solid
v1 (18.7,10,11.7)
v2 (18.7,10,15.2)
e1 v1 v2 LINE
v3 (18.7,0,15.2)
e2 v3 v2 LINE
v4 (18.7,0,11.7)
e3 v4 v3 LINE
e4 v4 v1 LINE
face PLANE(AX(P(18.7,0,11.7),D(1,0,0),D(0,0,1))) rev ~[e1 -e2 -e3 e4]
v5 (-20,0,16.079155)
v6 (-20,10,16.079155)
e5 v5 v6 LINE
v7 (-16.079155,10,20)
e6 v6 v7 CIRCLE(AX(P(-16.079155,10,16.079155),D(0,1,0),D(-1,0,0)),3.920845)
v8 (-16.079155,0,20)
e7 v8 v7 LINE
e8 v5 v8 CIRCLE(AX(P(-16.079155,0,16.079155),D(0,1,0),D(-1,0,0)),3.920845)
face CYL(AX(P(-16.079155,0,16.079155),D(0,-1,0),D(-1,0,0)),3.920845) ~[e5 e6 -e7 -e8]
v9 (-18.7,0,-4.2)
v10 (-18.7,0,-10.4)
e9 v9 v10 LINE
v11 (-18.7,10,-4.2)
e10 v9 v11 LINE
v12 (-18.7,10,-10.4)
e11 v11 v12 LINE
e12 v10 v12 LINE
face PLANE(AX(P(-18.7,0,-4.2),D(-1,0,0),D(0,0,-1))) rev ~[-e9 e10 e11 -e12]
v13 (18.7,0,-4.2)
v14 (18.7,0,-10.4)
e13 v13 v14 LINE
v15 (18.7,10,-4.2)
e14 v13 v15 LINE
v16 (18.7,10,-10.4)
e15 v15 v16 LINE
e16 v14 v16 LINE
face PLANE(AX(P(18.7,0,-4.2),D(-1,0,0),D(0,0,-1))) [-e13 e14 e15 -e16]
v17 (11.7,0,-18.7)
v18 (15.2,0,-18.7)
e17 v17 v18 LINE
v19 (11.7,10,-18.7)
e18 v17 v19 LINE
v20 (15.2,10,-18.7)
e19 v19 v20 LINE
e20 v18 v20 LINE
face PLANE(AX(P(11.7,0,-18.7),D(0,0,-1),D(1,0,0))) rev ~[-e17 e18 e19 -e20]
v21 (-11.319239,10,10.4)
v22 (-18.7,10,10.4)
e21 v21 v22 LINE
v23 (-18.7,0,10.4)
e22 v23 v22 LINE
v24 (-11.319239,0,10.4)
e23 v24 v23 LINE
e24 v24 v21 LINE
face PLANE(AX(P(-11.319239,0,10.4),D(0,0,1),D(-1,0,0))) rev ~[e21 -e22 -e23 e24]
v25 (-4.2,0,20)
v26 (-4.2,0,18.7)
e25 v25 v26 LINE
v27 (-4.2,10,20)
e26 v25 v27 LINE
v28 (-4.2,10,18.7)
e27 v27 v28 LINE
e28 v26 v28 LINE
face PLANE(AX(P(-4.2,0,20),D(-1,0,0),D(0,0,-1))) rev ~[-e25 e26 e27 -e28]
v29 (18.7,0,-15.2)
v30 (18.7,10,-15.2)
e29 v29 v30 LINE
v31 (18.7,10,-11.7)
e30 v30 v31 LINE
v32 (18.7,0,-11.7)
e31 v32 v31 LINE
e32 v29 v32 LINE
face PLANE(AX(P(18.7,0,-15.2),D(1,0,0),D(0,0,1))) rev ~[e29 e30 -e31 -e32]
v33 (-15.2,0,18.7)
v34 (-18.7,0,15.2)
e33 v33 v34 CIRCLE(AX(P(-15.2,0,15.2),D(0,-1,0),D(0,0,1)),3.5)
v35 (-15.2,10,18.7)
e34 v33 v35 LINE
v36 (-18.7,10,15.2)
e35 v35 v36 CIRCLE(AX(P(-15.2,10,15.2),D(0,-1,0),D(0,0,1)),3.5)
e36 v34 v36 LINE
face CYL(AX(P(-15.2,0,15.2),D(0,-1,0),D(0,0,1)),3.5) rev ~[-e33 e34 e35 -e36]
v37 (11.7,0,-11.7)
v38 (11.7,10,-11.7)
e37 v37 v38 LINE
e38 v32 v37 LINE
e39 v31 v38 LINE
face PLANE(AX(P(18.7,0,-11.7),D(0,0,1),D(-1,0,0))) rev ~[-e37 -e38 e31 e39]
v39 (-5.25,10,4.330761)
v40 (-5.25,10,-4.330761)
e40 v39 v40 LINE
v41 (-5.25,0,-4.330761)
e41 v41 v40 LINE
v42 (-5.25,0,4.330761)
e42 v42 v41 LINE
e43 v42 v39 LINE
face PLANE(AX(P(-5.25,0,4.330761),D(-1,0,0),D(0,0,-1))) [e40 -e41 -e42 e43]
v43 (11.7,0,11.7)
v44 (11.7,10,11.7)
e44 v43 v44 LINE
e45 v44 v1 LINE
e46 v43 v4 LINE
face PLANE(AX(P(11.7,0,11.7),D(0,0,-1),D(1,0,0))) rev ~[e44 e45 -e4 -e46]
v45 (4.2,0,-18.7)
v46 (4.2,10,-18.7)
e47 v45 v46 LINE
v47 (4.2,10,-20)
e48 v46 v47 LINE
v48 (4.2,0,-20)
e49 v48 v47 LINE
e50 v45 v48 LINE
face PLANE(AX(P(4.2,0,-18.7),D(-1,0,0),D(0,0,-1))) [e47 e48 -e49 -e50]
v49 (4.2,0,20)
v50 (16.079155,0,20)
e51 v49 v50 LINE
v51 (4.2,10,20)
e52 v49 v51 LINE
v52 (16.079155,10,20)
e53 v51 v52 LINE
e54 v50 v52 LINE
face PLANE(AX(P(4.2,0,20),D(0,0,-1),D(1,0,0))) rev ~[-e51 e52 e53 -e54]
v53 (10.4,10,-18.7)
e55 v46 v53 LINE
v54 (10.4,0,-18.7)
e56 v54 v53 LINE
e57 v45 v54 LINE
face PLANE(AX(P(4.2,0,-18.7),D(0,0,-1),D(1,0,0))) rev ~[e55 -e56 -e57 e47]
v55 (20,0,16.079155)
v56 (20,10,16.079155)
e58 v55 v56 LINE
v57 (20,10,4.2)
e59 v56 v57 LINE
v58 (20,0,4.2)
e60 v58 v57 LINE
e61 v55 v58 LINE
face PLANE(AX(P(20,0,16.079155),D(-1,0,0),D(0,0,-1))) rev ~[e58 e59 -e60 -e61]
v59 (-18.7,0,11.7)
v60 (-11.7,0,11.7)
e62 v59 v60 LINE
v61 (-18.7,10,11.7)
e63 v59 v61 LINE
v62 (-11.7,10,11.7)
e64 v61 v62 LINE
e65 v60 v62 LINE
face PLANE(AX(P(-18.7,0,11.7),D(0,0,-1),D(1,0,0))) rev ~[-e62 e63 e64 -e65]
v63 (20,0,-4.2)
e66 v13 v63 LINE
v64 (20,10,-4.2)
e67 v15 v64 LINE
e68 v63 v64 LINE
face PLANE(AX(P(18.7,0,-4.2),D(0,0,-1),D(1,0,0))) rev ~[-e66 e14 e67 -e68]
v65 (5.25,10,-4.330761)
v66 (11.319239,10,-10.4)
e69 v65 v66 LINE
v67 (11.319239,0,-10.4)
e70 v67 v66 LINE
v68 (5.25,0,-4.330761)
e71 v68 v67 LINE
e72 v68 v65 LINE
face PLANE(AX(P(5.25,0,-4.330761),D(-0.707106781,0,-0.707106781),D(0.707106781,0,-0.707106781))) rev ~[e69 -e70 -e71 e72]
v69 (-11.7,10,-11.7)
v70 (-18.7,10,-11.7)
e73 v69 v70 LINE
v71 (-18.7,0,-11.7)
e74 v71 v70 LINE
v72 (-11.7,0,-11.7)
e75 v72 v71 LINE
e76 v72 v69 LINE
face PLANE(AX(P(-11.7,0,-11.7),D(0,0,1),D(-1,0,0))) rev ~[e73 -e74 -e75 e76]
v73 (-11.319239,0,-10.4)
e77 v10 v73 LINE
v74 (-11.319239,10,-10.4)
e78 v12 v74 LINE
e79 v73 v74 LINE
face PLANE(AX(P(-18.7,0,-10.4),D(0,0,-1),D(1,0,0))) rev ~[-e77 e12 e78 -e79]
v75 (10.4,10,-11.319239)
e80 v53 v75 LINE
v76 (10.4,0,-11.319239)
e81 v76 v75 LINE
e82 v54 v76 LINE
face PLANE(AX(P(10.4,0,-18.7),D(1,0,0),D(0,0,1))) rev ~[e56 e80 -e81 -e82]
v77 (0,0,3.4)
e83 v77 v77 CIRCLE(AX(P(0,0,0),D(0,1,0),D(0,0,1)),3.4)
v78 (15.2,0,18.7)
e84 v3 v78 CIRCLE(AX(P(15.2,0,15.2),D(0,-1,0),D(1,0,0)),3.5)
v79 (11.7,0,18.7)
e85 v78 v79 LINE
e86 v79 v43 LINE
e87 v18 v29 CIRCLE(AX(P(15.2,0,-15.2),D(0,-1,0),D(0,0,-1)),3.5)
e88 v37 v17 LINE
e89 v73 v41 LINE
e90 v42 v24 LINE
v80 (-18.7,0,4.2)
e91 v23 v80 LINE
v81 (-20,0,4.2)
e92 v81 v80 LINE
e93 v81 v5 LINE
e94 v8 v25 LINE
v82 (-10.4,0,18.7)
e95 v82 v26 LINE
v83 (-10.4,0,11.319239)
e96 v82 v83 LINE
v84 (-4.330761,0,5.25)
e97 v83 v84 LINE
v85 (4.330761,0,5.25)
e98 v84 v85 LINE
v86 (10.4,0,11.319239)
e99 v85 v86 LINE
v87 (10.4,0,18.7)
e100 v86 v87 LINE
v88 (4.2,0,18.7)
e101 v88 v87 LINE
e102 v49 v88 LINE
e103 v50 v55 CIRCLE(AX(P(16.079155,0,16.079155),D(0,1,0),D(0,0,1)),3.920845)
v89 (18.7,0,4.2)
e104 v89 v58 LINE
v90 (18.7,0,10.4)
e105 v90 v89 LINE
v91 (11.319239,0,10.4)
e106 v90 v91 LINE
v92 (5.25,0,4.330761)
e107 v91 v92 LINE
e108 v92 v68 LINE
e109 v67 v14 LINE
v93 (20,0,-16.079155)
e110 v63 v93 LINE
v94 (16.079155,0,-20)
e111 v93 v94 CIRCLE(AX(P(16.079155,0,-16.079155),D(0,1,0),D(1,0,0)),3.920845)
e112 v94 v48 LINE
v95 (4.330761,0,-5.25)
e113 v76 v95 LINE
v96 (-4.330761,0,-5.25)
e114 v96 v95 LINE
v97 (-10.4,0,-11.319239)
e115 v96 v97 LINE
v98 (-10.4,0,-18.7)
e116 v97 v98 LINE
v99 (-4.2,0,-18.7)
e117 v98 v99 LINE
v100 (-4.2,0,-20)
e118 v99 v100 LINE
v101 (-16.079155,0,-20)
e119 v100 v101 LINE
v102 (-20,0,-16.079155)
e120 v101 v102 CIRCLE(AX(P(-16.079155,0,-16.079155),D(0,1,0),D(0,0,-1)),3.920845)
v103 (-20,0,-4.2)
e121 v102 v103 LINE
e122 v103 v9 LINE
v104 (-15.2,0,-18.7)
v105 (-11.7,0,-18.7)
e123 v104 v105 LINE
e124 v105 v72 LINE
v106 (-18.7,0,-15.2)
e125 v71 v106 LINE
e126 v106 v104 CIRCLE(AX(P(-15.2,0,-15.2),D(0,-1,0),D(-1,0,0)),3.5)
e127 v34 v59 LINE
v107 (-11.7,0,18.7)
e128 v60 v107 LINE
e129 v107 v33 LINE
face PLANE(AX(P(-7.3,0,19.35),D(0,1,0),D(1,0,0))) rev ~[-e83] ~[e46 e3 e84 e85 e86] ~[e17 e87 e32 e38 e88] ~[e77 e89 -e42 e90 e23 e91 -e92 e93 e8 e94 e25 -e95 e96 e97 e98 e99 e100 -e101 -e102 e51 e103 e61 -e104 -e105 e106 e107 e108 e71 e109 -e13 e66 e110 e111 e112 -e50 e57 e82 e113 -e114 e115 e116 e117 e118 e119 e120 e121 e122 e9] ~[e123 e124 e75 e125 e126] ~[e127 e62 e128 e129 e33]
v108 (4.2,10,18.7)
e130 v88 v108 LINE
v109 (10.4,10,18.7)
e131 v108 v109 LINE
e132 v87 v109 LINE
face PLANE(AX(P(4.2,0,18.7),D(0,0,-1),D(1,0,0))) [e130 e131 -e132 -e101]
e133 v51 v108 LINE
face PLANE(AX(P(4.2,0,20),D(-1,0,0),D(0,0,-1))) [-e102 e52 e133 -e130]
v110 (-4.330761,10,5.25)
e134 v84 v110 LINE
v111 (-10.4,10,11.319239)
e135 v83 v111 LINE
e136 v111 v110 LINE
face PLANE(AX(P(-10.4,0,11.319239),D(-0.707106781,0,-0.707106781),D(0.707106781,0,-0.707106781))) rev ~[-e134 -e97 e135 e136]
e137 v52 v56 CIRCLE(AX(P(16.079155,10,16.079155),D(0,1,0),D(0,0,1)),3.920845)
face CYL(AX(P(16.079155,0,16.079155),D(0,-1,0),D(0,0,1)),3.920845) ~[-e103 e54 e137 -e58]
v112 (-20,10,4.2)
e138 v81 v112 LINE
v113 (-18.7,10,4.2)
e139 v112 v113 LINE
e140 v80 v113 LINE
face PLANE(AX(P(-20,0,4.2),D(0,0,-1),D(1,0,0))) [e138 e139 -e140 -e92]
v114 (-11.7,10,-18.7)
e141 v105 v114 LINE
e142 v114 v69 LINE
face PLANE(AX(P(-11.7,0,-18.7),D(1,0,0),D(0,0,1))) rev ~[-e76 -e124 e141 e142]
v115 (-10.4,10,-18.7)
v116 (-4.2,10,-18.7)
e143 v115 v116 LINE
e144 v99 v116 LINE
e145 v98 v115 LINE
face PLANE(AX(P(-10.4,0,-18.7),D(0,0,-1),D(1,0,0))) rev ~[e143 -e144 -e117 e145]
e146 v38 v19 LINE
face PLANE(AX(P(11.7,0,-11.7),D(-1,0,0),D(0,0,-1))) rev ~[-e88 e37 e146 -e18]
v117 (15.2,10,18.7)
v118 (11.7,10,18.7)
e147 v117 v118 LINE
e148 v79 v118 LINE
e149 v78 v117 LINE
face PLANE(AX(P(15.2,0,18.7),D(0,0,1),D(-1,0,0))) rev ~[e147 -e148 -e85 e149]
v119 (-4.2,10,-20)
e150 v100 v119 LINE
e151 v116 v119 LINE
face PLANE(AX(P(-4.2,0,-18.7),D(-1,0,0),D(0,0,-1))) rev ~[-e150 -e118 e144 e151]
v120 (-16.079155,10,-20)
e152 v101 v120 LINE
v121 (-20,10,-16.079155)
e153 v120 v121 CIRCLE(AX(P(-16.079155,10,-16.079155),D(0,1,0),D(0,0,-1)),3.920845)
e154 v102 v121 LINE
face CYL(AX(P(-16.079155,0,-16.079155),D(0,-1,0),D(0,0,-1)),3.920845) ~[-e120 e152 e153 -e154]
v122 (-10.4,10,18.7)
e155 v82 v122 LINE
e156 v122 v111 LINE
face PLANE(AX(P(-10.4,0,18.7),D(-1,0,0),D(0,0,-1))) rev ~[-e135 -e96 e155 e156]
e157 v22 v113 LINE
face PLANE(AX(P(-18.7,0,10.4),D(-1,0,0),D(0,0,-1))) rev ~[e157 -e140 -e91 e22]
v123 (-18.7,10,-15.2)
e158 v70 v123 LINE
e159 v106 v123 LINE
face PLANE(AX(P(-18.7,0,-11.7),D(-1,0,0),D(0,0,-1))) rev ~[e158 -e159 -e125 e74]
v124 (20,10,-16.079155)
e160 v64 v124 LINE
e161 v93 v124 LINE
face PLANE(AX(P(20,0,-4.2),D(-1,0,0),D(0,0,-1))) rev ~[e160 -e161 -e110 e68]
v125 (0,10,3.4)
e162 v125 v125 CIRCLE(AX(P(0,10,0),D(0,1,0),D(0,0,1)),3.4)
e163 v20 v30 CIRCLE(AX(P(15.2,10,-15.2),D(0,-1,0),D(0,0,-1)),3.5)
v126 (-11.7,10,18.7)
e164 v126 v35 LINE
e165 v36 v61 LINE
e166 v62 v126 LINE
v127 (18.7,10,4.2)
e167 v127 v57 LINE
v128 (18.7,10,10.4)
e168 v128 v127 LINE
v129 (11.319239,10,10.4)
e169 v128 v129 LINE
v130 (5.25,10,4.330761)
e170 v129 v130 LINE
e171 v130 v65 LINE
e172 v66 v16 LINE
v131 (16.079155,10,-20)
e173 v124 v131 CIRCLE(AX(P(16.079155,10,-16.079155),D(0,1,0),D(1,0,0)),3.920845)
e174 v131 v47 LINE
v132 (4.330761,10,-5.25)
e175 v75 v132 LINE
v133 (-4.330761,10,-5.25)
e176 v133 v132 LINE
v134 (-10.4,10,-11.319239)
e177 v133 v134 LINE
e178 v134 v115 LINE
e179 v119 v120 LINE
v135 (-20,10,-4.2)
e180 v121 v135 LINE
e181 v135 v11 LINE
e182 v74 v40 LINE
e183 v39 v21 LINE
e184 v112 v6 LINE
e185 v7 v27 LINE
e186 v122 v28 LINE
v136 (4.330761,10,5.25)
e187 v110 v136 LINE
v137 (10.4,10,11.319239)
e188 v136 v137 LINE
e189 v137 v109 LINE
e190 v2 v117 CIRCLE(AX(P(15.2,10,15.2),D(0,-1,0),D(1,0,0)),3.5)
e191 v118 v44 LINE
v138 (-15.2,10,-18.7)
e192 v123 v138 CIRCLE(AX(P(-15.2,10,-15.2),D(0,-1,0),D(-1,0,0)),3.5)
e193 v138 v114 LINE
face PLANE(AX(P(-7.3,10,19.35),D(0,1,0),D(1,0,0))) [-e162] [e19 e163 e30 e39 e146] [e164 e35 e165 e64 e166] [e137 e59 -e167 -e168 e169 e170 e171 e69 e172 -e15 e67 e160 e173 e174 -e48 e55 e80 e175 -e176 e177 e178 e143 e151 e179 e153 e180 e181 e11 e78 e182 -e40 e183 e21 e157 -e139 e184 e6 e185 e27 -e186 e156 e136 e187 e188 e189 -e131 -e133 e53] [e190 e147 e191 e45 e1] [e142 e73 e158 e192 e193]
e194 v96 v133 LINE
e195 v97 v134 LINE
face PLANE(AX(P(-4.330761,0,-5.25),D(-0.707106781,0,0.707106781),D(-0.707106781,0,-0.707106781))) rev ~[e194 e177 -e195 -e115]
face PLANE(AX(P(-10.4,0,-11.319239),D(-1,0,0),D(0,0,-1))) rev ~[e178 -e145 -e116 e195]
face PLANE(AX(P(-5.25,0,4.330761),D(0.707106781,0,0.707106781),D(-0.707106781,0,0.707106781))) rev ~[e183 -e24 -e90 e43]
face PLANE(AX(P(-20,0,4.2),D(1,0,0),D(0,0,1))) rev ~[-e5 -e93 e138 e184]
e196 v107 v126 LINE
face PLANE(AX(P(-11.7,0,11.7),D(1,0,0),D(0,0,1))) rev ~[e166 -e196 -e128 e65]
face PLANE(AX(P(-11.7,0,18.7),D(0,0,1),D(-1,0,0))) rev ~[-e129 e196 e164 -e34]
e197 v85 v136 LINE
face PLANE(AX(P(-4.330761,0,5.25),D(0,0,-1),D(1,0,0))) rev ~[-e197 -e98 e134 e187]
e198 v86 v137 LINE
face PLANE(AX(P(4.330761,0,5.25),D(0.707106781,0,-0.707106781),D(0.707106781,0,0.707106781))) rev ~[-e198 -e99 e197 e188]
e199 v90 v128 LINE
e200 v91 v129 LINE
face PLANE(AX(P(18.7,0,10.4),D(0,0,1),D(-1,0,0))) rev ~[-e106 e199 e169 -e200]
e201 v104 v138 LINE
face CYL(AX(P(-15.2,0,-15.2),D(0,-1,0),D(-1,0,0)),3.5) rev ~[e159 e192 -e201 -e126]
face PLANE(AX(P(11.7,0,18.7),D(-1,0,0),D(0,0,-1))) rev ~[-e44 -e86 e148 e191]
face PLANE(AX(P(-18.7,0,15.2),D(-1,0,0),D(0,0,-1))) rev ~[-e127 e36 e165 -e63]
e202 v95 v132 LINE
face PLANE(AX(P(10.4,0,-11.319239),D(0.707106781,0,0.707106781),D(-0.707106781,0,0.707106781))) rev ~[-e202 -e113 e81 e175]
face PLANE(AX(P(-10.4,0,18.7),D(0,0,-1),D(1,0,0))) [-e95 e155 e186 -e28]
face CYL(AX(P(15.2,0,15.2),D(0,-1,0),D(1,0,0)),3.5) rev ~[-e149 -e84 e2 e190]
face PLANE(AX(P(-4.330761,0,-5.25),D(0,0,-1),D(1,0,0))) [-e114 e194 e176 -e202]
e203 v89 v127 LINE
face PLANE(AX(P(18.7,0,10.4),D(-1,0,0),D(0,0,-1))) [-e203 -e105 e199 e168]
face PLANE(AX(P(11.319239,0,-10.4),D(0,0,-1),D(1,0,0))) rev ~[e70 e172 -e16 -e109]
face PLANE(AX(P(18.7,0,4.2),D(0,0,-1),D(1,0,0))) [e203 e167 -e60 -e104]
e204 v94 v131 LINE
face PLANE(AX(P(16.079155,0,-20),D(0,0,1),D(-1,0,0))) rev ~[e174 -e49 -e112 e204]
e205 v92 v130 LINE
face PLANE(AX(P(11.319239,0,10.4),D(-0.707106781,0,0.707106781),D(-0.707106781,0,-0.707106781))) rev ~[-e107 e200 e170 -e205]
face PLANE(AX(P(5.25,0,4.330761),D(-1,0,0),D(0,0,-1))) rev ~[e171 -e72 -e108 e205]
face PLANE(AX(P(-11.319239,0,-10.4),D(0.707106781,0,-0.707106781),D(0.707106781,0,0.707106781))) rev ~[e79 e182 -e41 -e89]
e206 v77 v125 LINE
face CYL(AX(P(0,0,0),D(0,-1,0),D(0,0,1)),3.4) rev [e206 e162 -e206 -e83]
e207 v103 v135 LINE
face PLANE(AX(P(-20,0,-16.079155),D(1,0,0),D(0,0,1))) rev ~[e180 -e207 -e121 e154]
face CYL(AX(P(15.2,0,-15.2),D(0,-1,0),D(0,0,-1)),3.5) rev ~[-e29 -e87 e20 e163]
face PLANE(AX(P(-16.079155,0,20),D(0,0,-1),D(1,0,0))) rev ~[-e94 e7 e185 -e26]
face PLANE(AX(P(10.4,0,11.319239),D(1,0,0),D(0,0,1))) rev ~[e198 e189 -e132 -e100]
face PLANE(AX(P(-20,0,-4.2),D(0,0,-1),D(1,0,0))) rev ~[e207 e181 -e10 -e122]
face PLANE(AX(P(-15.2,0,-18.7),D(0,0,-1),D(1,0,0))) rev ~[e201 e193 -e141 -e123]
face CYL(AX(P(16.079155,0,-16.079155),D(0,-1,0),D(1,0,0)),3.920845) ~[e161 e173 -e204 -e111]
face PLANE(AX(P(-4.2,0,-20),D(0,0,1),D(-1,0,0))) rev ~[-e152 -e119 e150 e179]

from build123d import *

# Parameters (mm, degrees)
SKETCH_1_W      = 6.2
SKETCH_1_H      = 1.3
SKETCH_1_W_2    = 1.3
SKETCH_1_H_2    = 6.2
SKETCH_1_W_3    = 10.5
SKETCH_1_H_3    = 10.5
SKETCH_1_R      = 3.4
EXTRUDE_2_DEPTH = 10


with BuildPart() as part:
    # 草图1 → 凸台-拉伸2 (new body)
    with BuildSketch(Plane(origin=(0, 0, 0), x_dir=(1, 0, 0), z_dir=(0, 1, 0))):
        with Locations((-7.3, -19.35)):
            Rectangle(SKETCH_1_W, SKETCH_1_H)
        with BuildLine():
            Line((-18.7, -10.4), (-20, -10.4))
            Line((-20, -10.4), (-20, -16.079155302))
            ThreePointArc((-20, -16.079155302), (-18.851611176, -18.851611176), (-16.079155302, -20))
            Line((-16.079155302, -20), (-10.4, -20))
            Line((-10.4, -20), (-10.4, -18.7))
            Line((-10.4, -18.7), (-10.4, -11.319238816))
            Line((-10.4, -11.319238816), (-10.4, -10.4))
            Line((-10.4, -10.4), (-11.319238816, -10.4))
            Line((-11.319238816, -10.4), (-18.7, -10.4))
        make_face()
        Polygon((-18.7, -15.2), (-18.7, -11.7), (-15.2, -11.7), (-11.7, -11.7), (-11.7, -15.2), (-11.7, -18.7), (-15.2, -18.7), (-18.7, -18.7), align=None, mode=Mode.SUBTRACT)
        with Locations((-19.35, -7.3)):
            Rectangle(SKETCH_1_W_2, SKETCH_1_H_2)
        with BuildLine():
            ThreePointArc((-15.2, -18.7), (-17.674873734, -17.674873734), (-18.7, -15.2))
            Line((-18.7, -15.2), (-18.7, -18.7))
            Line((-18.7, -18.7), (-15.2, -18.7))
        make_face()
        Polygon((-5.25, -5.25), (-5.25, -4.330761184), (-11.319238816, -10.4), (-10.4, -10.4), (-10.4, -11.319238816), (-4.330761184, -5.25), align=None)
        Rectangle(SKETCH_1_W_3, SKETCH_1_H_3)
        with Locations(Location((0, 0, 0), (0, 0, 270))):
            Circle(SKETCH_1_R, mode=Mode.SUBTRACT)
        Polygon((11.319238816, -10.4), (5.25, -4.330761184), (5.25, -5.25), (4.330761184, -5.25), (10.4, -11.319238816), (10.4, -10.4), align=None)
        Polygon((10.4, 11.319238816), (4.330761184, 5.25), (5.25, 5.25), (5.25, 4.330761184), (11.319238816, 10.4), (10.4, 10.4), align=None)
        Polygon((-4.330761184, 5.25), (-10.4, 11.319238816), (-10.4, 10.4), (-11.319238816, 10.4), (-5.25, 4.330761184), (-5.25, 5.25), align=None)
        with BuildLine():
            Line((18.7, -10.4), (11.319238816, -10.4))
            Line((11.319238816, -10.4), (10.4, -10.4))
            Line((10.4, -10.4), (10.4, -11.319238816))
            Line((10.4, -11.319238816), (10.4, -18.7))
            Line((10.4, -18.7), (10.4, -20))
            Line((10.4, -20), (16.079155302, -20))
            ThreePointArc((16.079155302, -20), (18.851611176, -18.851611176), (20, -16.079155302))
            Line((20, -16.079155302), (20, -10.4))
            Line((20, -10.4), (18.7, -10.4))
        make_face()
        Polygon((15.2, -11.7), (18.7, -11.7), (18.7, -15.2), (18.7, -18.7), (15.2, -18.7), (11.7, -18.7), (11.7, -15.2), (11.7, -11.7), align=None, mode=Mode.SUBTRACT)
        with BuildLine():
            Line((18.7, -18.7), (18.7, -15.2))
            ThreePointArc((18.7, -15.2), (17.674873734, -17.674873734), (15.2, -18.7))
            Line((15.2, -18.7), (18.7, -18.7))
        make_face()
        with BuildLine():
            Line((16.079155302, 20), (10.4, 20))
            Line((10.4, 20), (10.4, 18.7))
            Line((10.4, 18.7), (10.4, 11.319238816))
            Line((10.4, 11.319238816), (10.4, 10.4))
            Line((10.4, 10.4), (11.319238816, 10.4))
            Line((11.319238816, 10.4), (18.7, 10.4))
            Line((18.7, 10.4), (20, 10.4))
            Line((20, 10.4), (20, 16.079155302))
            ThreePointArc((20, 16.079155302), (18.851611176, 18.851611176), (16.079155302, 20))
        make_face()
        Polygon((15.2, 18.7), (18.7, 18.7), (18.7, 15.2), (18.7, 11.7), (15.2, 11.7), (11.7, 11.7), (11.7, 15.2), (11.7, 18.7), align=None, mode=Mode.SUBTRACT)
        with BuildLine():
            Line((18.7, 15.2), (18.7, 18.7))
            Line((18.7, 18.7), (15.2, 18.7))
            ThreePointArc((15.2, 18.7), (17.674873734, 17.674873734), (18.7, 15.2))
        make_face()
        with BuildLine():
            Line((-10.4, 20), (-16.079155302, 20))
            ThreePointArc((-16.079155302, 20), (-18.851611176, 18.851611176), (-20, 16.079155302))
            Line((-20, 16.079155302), (-20, 10.4))
            Line((-20, 10.4), (-18.7, 10.4))
            Line((-18.7, 10.4), (-11.319238816, 10.4))
            Line((-11.319238816, 10.4), (-10.4, 10.4))
            Line((-10.4, 10.4), (-10.4, 11.319238816))
            Line((-10.4, 11.319238816), (-10.4, 18.7))
            Line((-10.4, 18.7), (-10.4, 20))
        make_face()
        Polygon((-15.2, 11.7), (-18.7, 11.7), (-18.7, 15.2), (-18.7, 18.7), (-15.2, 18.7), (-11.7, 18.7), (-11.7, 15.2), (-11.7, 11.7), align=None, mode=Mode.SUBTRACT)
        with BuildLine():
            Line((-18.7, 18.7), (-18.7, 15.2))
            ThreePointArc((-18.7, 15.2), (-17.674873734, 17.674873734), (-15.2, 18.7))
            Line((-15.2, 18.7), (-18.7, 18.7))
        make_face()
        with Locations((-7.3, 19.35)):
            Rectangle(SKETCH_1_W, SKETCH_1_H)
        with Locations((7.3, 19.35)):
            Rectangle(SKETCH_1_W, SKETCH_1_H)
        with Locations((19.35, 7.3)):
            Rectangle(SKETCH_1_W_2, SKETCH_1_H_2)
        with Locations((-19.35, 7.3)):
            Rectangle(SKETCH_1_W_2, SKETCH_1_H_2)
        with Locations((19.35, -7.3)):
            Rectangle(SKETCH_1_W_2, SKETCH_1_H_2)
        with Locations((7.3, -19.35)):
            Rectangle(SKETCH_1_W, SKETCH_1_H)
    extrude(amount=EXTRUDE_2_DEPTH)


solid = part.part
